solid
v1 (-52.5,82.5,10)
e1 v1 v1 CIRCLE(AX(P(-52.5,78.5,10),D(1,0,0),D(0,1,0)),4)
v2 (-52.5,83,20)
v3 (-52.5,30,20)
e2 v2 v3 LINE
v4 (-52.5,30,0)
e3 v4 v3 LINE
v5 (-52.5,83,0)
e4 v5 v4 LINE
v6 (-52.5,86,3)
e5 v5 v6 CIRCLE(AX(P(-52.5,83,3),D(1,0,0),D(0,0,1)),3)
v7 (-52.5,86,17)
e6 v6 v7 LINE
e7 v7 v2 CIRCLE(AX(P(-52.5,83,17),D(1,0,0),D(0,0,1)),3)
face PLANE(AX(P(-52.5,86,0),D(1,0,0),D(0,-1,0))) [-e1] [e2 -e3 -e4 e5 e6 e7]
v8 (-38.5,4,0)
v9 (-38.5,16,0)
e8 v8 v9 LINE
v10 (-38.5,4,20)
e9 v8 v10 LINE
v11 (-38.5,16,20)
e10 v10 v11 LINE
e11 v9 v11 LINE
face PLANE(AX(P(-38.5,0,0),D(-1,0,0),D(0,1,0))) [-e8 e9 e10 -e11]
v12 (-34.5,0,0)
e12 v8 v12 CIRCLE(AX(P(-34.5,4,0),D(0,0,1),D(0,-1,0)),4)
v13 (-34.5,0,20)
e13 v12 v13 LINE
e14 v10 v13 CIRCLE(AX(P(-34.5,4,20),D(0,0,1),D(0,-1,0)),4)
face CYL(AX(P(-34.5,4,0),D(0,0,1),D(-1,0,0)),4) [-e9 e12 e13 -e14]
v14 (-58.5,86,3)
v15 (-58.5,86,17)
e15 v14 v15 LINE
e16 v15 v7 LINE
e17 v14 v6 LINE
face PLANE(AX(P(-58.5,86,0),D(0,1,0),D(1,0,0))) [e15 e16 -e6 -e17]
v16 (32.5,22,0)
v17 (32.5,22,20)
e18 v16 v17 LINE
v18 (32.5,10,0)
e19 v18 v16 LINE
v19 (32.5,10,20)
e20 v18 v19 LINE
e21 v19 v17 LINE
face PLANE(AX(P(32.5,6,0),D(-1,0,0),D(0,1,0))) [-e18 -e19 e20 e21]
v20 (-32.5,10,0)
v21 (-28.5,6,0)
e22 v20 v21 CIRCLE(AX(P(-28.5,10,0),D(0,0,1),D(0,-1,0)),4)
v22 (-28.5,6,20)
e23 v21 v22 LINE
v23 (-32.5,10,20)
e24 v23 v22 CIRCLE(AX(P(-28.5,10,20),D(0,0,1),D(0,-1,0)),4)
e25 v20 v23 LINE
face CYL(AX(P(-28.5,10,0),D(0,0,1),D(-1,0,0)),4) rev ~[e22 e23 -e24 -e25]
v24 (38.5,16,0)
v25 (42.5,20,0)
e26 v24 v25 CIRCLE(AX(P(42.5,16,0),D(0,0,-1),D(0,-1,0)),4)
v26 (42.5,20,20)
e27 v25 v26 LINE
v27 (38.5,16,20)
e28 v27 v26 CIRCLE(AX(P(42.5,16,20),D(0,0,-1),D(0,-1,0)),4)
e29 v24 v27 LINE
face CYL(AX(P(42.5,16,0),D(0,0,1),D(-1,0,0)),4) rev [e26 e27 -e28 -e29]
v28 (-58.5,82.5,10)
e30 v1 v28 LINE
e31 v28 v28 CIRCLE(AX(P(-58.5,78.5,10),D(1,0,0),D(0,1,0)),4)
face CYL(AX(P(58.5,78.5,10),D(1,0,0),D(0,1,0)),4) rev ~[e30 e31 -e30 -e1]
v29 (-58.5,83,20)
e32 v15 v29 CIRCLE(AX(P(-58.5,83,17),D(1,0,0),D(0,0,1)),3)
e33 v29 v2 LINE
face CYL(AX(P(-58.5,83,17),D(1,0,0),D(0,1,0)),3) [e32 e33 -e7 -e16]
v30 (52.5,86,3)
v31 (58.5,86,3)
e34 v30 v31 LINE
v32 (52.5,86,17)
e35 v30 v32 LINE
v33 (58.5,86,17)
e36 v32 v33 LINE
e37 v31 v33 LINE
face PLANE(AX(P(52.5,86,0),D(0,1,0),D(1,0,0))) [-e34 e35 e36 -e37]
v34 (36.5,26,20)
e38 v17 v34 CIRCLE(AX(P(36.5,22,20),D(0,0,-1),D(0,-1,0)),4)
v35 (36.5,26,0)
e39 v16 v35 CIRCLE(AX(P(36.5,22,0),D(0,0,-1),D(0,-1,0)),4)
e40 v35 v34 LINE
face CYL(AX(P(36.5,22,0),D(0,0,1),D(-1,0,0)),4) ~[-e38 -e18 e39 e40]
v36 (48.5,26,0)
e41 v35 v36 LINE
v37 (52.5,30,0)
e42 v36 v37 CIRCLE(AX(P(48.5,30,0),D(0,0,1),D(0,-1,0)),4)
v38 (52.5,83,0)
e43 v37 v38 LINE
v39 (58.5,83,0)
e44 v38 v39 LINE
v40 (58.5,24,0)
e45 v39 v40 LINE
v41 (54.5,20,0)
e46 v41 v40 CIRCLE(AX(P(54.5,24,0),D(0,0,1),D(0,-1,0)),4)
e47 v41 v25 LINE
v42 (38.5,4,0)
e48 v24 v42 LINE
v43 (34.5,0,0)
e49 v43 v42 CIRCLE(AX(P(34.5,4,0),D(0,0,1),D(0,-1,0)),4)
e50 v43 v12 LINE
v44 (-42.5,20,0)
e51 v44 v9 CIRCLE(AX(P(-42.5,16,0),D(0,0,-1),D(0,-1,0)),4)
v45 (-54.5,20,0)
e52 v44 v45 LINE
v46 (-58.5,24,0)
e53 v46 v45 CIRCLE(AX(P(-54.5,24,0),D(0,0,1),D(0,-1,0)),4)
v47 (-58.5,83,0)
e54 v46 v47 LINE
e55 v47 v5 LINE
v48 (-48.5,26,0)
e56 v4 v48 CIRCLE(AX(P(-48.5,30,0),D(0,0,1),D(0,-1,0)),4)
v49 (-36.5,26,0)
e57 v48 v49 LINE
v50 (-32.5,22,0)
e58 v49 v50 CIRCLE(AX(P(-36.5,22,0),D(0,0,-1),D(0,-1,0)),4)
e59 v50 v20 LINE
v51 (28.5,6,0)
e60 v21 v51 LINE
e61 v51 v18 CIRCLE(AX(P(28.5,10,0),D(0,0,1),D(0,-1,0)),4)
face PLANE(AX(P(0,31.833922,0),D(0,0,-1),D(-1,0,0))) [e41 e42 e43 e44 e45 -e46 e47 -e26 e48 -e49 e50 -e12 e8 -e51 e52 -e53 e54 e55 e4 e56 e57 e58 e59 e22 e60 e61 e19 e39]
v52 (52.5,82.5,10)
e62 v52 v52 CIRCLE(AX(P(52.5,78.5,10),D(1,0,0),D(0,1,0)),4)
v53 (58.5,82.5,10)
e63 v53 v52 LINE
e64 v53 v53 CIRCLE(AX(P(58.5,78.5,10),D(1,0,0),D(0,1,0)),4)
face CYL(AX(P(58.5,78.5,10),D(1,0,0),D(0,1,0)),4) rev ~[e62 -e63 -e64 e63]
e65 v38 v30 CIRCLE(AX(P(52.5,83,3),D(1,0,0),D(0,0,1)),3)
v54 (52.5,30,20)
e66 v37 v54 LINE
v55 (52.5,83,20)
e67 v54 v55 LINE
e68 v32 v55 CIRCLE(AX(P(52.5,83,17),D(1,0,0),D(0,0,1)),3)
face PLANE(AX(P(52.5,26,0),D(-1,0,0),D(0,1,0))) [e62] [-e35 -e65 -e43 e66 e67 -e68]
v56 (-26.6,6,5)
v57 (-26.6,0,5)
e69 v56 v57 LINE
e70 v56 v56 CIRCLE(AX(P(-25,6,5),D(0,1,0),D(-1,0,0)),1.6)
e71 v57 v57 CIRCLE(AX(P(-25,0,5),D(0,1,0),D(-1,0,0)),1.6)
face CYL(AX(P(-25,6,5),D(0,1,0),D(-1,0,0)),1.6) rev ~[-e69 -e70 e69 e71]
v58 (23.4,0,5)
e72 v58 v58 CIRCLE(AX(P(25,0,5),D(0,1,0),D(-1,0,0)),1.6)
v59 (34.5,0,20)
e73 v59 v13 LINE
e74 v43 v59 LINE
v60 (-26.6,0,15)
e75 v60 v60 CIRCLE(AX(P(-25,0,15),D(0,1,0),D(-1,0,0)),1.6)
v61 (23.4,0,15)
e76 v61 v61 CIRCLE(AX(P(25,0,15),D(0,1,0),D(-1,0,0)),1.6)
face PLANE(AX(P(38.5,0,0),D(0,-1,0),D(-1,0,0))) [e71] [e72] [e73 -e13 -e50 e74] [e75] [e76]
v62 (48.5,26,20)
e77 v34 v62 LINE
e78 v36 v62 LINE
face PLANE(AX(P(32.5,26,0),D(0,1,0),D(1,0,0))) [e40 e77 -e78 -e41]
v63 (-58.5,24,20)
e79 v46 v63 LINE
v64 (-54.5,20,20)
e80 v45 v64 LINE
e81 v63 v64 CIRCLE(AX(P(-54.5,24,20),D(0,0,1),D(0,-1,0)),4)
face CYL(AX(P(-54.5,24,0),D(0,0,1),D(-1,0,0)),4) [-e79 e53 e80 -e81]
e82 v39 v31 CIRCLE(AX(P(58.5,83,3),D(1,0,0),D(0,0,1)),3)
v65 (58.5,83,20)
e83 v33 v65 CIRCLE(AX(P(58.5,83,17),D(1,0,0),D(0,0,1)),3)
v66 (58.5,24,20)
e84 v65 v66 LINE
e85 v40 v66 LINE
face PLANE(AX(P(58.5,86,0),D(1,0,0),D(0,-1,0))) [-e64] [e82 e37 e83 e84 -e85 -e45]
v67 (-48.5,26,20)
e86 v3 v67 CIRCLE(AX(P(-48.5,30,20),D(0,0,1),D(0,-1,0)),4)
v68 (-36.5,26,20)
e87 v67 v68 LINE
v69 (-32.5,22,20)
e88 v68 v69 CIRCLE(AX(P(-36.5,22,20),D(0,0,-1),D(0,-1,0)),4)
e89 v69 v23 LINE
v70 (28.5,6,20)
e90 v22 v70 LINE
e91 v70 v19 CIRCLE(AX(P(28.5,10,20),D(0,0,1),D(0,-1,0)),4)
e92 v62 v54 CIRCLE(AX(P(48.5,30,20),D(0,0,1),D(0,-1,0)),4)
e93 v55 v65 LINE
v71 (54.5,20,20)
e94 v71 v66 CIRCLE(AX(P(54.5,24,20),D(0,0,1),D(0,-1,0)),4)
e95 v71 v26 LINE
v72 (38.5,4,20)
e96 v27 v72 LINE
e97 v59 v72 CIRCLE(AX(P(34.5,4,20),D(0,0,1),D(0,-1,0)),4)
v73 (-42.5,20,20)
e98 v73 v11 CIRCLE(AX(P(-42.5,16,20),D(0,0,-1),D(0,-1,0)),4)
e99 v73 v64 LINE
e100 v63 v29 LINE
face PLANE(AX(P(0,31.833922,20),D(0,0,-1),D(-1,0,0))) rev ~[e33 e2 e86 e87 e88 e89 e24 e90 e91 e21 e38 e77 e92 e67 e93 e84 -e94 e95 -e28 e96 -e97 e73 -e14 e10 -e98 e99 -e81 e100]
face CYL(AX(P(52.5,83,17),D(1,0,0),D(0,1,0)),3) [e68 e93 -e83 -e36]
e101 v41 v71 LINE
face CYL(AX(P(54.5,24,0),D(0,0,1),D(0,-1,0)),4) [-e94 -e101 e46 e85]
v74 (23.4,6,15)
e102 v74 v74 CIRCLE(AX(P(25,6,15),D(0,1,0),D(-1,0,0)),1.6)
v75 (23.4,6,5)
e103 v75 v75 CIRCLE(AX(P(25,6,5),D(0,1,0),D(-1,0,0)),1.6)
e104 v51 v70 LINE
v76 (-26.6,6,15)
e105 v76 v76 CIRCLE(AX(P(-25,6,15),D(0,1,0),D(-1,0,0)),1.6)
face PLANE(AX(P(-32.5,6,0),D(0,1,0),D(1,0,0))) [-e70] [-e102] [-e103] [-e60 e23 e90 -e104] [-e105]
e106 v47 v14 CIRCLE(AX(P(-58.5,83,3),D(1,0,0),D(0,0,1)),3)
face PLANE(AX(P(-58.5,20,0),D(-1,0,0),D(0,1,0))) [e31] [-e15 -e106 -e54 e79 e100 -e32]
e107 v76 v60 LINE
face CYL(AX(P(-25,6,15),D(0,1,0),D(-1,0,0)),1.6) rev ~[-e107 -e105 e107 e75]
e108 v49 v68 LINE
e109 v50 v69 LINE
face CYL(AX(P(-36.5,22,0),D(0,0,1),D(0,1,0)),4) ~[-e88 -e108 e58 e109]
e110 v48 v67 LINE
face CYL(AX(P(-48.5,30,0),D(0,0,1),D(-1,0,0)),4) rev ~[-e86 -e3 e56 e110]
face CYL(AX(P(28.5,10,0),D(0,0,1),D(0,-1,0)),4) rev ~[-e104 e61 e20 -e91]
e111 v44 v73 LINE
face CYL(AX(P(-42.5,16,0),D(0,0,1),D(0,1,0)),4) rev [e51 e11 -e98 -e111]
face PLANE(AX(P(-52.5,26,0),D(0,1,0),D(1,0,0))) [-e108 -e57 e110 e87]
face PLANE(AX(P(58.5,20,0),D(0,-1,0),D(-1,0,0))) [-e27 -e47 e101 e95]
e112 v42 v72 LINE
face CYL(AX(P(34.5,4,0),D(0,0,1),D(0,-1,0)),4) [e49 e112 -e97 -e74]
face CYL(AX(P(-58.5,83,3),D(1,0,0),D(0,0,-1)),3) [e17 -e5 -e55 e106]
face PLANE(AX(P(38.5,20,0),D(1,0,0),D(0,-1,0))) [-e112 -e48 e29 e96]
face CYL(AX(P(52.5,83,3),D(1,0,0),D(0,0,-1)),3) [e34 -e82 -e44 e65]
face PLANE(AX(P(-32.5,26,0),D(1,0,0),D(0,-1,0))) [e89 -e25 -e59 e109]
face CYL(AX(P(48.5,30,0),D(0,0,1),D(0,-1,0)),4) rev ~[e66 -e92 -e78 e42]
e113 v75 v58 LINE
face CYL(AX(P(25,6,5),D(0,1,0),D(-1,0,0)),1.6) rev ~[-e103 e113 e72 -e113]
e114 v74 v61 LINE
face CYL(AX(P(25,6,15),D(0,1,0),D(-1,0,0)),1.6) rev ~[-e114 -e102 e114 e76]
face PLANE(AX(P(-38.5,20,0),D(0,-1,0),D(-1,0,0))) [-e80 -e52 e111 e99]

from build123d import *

# Parameters (mm, degrees)
PAD_DEPTH       = 20
SKETCH001_R     = 1.6
POCKET_DEPTH    = 6
SKETCH002_R     = 4
POCKET001_DEPTH = 117.001
FILLET_R        = 4
FILLET001_R     = 4
FILLET002_R     = 4
FILLET003_R     = 3


with BuildPart() as part:
    # Sketch → Pad (new body)
    with BuildSketch(Plane.XY):
        Polygon((38.5, 0), (-38.5, 0), (-38.5, 20), (-58.5, 20), (-58.5, 86), (-52.5, 86), (-52.5, 26), (-32.5, 26), (-32.5, 6), (32.5, 6), (32.5, 26), (52.5, 26), (52.5, 86), (58.5, 86), (58.5, 20), (38.5, 20), align=None)
    extrude(amount=PAD_DEPTH)

    # Sketch001 (on Face9 of Pad) → Pocket (cut)
    with BuildSketch(Plane(origin=(0, 6, 0), x_dir=(-1, 0, 0), z_dir=(0, 1, 0))):
        with Locations((-25, 15)):
            Circle(SKETCH001_R)
        with Locations((-25, 5)):
            Circle(SKETCH001_R)
        with Locations((25, 15)):
            Circle(SKETCH001_R)
        with Locations((25, 5)):
            Circle(SKETCH001_R)
    extrude(amount=-POCKET_DEPTH, mode=Mode.SUBTRACT)

    # Sketch002 (on Face22 of Pocket) → Pocket001 (cut, through all)
    with BuildSketch(Plane.YZ.offset(58.5)):
        with Locations((78.5, 10)):
            Circle(SKETCH002_R)
    extrude(amount=-POCKET001_DEPTH, mode=Mode.SUBTRACT)

    # Fillet
    fillet_edges = [part.edges().sort_by_distance(p)[0] for p in [
        (-32.5, 6, 10),
        (52.5, 26, 10),
        (32.5, 6, 10),
        (-52.5, 26, 10),
    ]]
    fillet(fillet_edges, radius=FILLET_R)

    # Fillet001
    fillet001_edges = [part.edges().sort_by_distance(p)[0] for p in [
        (32.5, 26, 10),
        (-32.5, 26, 10),
        (-58.5, 20, 10),
        (-38.5, 0, 10),
        (58.5, 20, 10),
        (38.5, 0, 10),
    ]]
    fillet(fillet001_edges, radius=FILLET001_R)

    # Fillet002
    fillet002_edges = [part.edges().sort_by_distance(p)[0] for p in [
        (38.5, 20, 10),
        (-38.5, 20, 10),
    ]]
    fillet(fillet002_edges, radius=FILLET002_R)

    # Fillet003
    fillet003_edges = [part.edges().sort_by_distance(p)[0] for p in [
        (55.5, 86, 0),
        (-55.5, 86, 0),
        (55.5, 86, 20),
        (-55.5, 86, 20),
    ]]
    fillet(fillet003_edges, radius=FILLET003_R)


solid = part.part
